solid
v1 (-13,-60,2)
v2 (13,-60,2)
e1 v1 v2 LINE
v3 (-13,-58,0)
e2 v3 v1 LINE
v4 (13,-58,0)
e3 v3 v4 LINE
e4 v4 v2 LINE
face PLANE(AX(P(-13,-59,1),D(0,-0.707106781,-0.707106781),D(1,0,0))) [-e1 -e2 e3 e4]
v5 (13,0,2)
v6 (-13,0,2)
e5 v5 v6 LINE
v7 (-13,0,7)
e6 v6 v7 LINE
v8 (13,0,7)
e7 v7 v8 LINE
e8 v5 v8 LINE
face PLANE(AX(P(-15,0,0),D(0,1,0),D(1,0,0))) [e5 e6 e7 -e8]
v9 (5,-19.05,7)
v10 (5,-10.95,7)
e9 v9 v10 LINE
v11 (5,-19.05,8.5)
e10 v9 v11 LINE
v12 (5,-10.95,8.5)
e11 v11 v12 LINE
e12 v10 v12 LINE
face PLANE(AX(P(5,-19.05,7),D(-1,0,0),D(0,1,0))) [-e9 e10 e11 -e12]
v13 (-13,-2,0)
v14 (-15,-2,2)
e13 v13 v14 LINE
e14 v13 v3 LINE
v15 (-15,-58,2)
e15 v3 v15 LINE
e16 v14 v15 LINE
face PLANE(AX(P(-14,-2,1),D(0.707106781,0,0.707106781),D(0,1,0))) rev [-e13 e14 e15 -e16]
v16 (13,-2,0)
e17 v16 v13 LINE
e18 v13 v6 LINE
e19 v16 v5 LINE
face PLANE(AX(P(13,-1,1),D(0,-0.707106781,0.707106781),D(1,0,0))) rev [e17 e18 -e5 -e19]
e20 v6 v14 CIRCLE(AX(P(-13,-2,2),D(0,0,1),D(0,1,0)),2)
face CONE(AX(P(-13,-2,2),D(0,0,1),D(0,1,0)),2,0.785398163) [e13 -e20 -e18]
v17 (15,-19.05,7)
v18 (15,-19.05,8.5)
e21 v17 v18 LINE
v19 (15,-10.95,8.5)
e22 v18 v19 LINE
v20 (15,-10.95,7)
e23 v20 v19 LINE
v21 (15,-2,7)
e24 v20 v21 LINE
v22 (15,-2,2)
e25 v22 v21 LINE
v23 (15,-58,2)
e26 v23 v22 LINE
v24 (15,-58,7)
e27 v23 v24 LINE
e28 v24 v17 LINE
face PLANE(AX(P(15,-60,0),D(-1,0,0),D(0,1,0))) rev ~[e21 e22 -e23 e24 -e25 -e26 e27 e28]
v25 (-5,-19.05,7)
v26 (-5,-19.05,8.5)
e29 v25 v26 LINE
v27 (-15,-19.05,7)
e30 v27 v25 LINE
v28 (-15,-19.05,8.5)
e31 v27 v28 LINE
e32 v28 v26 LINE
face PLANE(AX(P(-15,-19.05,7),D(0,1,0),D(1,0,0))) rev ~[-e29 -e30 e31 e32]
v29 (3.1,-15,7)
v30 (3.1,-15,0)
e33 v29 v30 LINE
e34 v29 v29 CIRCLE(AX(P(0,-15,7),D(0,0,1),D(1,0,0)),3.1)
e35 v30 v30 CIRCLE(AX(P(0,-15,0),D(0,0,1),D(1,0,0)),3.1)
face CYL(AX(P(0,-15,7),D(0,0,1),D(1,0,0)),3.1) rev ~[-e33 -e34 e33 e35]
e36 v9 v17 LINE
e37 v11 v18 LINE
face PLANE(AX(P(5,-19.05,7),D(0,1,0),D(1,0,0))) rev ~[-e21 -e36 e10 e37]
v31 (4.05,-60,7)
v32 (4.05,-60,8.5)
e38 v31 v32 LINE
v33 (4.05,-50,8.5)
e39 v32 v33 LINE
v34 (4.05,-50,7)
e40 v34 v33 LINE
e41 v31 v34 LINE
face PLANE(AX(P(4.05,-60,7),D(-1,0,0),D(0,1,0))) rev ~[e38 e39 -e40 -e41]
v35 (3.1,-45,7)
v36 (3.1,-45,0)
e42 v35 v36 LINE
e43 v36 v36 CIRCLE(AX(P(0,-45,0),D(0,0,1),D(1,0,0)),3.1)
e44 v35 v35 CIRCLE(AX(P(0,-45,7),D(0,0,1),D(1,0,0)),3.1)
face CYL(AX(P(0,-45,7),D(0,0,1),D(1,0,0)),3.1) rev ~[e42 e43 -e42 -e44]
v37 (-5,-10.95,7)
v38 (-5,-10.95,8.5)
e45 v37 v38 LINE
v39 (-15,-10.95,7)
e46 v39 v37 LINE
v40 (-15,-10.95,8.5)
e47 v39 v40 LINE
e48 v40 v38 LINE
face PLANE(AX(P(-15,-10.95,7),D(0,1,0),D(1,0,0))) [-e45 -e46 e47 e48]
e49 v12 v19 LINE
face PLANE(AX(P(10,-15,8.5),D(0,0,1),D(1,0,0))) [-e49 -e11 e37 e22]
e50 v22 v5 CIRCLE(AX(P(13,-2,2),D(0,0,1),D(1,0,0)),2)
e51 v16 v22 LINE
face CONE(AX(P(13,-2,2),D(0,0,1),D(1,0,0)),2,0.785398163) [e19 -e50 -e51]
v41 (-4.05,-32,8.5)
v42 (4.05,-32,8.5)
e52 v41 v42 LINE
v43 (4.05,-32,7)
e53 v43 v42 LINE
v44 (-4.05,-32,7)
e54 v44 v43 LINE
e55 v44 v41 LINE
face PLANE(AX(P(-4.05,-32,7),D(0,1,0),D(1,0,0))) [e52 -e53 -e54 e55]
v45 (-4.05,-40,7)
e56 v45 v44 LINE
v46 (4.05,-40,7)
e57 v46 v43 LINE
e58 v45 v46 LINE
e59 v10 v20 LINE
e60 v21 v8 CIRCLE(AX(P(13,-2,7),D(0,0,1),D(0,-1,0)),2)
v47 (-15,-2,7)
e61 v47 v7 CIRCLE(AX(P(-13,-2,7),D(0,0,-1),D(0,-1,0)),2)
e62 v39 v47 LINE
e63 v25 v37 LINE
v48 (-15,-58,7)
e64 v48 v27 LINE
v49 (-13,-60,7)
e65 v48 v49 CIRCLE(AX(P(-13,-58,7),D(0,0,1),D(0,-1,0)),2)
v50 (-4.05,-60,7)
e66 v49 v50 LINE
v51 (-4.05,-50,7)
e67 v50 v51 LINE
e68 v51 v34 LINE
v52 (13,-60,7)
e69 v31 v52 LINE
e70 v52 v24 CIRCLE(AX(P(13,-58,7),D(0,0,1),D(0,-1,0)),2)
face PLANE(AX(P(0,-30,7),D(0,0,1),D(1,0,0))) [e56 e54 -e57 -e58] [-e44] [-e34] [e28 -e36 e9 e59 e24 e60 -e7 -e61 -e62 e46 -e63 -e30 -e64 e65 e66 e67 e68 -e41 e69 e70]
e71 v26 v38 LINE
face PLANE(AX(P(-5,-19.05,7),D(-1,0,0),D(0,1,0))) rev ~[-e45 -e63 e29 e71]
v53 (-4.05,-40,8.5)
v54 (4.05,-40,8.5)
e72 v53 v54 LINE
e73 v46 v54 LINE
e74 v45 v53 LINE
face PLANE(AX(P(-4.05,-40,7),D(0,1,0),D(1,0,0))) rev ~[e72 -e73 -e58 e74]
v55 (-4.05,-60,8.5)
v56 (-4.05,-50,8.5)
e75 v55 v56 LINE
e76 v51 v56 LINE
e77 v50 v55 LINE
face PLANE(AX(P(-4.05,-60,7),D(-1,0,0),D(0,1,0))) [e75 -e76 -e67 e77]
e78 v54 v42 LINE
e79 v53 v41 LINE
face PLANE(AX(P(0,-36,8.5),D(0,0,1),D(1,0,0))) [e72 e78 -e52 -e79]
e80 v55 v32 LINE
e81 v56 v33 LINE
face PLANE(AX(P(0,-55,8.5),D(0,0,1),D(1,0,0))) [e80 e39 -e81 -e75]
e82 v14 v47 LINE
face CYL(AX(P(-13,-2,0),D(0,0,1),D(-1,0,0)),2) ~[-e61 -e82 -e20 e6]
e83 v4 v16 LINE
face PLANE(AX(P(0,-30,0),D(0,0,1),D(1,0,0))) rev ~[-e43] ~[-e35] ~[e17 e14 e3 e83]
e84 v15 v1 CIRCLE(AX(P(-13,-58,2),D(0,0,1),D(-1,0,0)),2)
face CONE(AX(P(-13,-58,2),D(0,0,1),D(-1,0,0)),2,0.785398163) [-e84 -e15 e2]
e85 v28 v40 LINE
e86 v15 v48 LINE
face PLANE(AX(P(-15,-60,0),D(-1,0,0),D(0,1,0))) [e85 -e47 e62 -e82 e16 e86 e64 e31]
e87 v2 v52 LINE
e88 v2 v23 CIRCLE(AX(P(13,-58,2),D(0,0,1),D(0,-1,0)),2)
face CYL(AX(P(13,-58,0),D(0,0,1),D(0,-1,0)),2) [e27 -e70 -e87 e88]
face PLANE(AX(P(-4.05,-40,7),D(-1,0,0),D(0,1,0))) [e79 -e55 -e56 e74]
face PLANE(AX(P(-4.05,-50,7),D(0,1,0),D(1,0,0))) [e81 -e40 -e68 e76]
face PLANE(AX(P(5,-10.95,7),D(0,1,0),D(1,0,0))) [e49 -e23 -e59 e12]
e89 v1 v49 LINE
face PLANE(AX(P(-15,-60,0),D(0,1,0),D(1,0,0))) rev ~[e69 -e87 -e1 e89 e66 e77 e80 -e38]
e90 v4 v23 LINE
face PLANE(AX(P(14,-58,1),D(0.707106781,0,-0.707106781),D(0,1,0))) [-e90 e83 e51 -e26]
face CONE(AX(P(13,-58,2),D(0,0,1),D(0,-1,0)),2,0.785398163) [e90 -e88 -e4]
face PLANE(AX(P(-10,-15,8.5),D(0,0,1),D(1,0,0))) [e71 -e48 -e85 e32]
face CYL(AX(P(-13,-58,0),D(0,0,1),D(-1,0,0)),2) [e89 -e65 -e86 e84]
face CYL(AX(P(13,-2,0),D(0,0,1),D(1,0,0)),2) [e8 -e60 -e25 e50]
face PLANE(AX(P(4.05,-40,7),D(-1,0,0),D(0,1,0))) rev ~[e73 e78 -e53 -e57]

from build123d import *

# Parameters (mm, degrees)
SKETCH_W      = 30
SKETCH_H      = 60
PAD_DEPTH     = 7
FILLET_R      = 2
CHAMFER_SIZE  = 2
SKETCH001_R   = 3.1
POCKET_DEPTH  = 7.001
SKETCH002_W   = 10
SKETCH002_H   = 8.1
SKETCH002_W_2 = 8.1
SKETCH002_H_2 = 10
SKETCH002_H_3 = 8
PAD001_DEPTH  = 1.5


with BuildPart() as part:
    # Sketch → Pad (new body)
    with BuildSketch(Plane.XY):
        with Locations((0, -30)):
            Rectangle(SKETCH_W, SKETCH_H)
    extrude(amount=PAD_DEPTH)

    # Fillet
    fillet_edges = [part.edges().sort_by_distance(p)[0] for p in [
        (15, -60, 3.5),
        (15, 0, 3.5),
        (-15, 0, 3.5),
        (-15, -60, 3.5),
    ]]
    fillet(fillet_edges, radius=FILLET_R)

    # Chamfer
    chamfer_edges = [part.edges().sort_by_distance(p)[0] for p in [
        (15, -30, 0),
        (0, -60, 0),
        (-15, -30, 0),
        (0, 0, 0),
    ]]
    chamfer(chamfer_edges, length=CHAMFER_SIZE)

    # Sketch001 (on Face4 of Chamfer) → Pocket (cut, through all)
    with BuildSketch(Plane.XY.offset(7)):
        with Locations((0, -15)):
            Circle(SKETCH001_R)
        with Locations((0, -45)):
            Circle(SKETCH001_R)
    extrude(amount=-POCKET_DEPTH, mode=Mode.SUBTRACT)

    # Sketch002 (on Face4 of Pocket) → Pad001 (join)
    with BuildSketch(Plane.XY.offset(7)):
        with Locations((-10, -15)):
            Rectangle(SKETCH002_W, SKETCH002_H)
        with Locations((10, -15)):
            Rectangle(SKETCH002_W, SKETCH002_H)
        with Locations((0, -55)):
            Rectangle(SKETCH002_W_2, SKETCH002_H_2)
        with Locations((0, -36)):
            Rectangle(SKETCH002_W_2, SKETCH002_H_3)
    extrude(amount=PAD001_DEPTH)


solid = part.part
